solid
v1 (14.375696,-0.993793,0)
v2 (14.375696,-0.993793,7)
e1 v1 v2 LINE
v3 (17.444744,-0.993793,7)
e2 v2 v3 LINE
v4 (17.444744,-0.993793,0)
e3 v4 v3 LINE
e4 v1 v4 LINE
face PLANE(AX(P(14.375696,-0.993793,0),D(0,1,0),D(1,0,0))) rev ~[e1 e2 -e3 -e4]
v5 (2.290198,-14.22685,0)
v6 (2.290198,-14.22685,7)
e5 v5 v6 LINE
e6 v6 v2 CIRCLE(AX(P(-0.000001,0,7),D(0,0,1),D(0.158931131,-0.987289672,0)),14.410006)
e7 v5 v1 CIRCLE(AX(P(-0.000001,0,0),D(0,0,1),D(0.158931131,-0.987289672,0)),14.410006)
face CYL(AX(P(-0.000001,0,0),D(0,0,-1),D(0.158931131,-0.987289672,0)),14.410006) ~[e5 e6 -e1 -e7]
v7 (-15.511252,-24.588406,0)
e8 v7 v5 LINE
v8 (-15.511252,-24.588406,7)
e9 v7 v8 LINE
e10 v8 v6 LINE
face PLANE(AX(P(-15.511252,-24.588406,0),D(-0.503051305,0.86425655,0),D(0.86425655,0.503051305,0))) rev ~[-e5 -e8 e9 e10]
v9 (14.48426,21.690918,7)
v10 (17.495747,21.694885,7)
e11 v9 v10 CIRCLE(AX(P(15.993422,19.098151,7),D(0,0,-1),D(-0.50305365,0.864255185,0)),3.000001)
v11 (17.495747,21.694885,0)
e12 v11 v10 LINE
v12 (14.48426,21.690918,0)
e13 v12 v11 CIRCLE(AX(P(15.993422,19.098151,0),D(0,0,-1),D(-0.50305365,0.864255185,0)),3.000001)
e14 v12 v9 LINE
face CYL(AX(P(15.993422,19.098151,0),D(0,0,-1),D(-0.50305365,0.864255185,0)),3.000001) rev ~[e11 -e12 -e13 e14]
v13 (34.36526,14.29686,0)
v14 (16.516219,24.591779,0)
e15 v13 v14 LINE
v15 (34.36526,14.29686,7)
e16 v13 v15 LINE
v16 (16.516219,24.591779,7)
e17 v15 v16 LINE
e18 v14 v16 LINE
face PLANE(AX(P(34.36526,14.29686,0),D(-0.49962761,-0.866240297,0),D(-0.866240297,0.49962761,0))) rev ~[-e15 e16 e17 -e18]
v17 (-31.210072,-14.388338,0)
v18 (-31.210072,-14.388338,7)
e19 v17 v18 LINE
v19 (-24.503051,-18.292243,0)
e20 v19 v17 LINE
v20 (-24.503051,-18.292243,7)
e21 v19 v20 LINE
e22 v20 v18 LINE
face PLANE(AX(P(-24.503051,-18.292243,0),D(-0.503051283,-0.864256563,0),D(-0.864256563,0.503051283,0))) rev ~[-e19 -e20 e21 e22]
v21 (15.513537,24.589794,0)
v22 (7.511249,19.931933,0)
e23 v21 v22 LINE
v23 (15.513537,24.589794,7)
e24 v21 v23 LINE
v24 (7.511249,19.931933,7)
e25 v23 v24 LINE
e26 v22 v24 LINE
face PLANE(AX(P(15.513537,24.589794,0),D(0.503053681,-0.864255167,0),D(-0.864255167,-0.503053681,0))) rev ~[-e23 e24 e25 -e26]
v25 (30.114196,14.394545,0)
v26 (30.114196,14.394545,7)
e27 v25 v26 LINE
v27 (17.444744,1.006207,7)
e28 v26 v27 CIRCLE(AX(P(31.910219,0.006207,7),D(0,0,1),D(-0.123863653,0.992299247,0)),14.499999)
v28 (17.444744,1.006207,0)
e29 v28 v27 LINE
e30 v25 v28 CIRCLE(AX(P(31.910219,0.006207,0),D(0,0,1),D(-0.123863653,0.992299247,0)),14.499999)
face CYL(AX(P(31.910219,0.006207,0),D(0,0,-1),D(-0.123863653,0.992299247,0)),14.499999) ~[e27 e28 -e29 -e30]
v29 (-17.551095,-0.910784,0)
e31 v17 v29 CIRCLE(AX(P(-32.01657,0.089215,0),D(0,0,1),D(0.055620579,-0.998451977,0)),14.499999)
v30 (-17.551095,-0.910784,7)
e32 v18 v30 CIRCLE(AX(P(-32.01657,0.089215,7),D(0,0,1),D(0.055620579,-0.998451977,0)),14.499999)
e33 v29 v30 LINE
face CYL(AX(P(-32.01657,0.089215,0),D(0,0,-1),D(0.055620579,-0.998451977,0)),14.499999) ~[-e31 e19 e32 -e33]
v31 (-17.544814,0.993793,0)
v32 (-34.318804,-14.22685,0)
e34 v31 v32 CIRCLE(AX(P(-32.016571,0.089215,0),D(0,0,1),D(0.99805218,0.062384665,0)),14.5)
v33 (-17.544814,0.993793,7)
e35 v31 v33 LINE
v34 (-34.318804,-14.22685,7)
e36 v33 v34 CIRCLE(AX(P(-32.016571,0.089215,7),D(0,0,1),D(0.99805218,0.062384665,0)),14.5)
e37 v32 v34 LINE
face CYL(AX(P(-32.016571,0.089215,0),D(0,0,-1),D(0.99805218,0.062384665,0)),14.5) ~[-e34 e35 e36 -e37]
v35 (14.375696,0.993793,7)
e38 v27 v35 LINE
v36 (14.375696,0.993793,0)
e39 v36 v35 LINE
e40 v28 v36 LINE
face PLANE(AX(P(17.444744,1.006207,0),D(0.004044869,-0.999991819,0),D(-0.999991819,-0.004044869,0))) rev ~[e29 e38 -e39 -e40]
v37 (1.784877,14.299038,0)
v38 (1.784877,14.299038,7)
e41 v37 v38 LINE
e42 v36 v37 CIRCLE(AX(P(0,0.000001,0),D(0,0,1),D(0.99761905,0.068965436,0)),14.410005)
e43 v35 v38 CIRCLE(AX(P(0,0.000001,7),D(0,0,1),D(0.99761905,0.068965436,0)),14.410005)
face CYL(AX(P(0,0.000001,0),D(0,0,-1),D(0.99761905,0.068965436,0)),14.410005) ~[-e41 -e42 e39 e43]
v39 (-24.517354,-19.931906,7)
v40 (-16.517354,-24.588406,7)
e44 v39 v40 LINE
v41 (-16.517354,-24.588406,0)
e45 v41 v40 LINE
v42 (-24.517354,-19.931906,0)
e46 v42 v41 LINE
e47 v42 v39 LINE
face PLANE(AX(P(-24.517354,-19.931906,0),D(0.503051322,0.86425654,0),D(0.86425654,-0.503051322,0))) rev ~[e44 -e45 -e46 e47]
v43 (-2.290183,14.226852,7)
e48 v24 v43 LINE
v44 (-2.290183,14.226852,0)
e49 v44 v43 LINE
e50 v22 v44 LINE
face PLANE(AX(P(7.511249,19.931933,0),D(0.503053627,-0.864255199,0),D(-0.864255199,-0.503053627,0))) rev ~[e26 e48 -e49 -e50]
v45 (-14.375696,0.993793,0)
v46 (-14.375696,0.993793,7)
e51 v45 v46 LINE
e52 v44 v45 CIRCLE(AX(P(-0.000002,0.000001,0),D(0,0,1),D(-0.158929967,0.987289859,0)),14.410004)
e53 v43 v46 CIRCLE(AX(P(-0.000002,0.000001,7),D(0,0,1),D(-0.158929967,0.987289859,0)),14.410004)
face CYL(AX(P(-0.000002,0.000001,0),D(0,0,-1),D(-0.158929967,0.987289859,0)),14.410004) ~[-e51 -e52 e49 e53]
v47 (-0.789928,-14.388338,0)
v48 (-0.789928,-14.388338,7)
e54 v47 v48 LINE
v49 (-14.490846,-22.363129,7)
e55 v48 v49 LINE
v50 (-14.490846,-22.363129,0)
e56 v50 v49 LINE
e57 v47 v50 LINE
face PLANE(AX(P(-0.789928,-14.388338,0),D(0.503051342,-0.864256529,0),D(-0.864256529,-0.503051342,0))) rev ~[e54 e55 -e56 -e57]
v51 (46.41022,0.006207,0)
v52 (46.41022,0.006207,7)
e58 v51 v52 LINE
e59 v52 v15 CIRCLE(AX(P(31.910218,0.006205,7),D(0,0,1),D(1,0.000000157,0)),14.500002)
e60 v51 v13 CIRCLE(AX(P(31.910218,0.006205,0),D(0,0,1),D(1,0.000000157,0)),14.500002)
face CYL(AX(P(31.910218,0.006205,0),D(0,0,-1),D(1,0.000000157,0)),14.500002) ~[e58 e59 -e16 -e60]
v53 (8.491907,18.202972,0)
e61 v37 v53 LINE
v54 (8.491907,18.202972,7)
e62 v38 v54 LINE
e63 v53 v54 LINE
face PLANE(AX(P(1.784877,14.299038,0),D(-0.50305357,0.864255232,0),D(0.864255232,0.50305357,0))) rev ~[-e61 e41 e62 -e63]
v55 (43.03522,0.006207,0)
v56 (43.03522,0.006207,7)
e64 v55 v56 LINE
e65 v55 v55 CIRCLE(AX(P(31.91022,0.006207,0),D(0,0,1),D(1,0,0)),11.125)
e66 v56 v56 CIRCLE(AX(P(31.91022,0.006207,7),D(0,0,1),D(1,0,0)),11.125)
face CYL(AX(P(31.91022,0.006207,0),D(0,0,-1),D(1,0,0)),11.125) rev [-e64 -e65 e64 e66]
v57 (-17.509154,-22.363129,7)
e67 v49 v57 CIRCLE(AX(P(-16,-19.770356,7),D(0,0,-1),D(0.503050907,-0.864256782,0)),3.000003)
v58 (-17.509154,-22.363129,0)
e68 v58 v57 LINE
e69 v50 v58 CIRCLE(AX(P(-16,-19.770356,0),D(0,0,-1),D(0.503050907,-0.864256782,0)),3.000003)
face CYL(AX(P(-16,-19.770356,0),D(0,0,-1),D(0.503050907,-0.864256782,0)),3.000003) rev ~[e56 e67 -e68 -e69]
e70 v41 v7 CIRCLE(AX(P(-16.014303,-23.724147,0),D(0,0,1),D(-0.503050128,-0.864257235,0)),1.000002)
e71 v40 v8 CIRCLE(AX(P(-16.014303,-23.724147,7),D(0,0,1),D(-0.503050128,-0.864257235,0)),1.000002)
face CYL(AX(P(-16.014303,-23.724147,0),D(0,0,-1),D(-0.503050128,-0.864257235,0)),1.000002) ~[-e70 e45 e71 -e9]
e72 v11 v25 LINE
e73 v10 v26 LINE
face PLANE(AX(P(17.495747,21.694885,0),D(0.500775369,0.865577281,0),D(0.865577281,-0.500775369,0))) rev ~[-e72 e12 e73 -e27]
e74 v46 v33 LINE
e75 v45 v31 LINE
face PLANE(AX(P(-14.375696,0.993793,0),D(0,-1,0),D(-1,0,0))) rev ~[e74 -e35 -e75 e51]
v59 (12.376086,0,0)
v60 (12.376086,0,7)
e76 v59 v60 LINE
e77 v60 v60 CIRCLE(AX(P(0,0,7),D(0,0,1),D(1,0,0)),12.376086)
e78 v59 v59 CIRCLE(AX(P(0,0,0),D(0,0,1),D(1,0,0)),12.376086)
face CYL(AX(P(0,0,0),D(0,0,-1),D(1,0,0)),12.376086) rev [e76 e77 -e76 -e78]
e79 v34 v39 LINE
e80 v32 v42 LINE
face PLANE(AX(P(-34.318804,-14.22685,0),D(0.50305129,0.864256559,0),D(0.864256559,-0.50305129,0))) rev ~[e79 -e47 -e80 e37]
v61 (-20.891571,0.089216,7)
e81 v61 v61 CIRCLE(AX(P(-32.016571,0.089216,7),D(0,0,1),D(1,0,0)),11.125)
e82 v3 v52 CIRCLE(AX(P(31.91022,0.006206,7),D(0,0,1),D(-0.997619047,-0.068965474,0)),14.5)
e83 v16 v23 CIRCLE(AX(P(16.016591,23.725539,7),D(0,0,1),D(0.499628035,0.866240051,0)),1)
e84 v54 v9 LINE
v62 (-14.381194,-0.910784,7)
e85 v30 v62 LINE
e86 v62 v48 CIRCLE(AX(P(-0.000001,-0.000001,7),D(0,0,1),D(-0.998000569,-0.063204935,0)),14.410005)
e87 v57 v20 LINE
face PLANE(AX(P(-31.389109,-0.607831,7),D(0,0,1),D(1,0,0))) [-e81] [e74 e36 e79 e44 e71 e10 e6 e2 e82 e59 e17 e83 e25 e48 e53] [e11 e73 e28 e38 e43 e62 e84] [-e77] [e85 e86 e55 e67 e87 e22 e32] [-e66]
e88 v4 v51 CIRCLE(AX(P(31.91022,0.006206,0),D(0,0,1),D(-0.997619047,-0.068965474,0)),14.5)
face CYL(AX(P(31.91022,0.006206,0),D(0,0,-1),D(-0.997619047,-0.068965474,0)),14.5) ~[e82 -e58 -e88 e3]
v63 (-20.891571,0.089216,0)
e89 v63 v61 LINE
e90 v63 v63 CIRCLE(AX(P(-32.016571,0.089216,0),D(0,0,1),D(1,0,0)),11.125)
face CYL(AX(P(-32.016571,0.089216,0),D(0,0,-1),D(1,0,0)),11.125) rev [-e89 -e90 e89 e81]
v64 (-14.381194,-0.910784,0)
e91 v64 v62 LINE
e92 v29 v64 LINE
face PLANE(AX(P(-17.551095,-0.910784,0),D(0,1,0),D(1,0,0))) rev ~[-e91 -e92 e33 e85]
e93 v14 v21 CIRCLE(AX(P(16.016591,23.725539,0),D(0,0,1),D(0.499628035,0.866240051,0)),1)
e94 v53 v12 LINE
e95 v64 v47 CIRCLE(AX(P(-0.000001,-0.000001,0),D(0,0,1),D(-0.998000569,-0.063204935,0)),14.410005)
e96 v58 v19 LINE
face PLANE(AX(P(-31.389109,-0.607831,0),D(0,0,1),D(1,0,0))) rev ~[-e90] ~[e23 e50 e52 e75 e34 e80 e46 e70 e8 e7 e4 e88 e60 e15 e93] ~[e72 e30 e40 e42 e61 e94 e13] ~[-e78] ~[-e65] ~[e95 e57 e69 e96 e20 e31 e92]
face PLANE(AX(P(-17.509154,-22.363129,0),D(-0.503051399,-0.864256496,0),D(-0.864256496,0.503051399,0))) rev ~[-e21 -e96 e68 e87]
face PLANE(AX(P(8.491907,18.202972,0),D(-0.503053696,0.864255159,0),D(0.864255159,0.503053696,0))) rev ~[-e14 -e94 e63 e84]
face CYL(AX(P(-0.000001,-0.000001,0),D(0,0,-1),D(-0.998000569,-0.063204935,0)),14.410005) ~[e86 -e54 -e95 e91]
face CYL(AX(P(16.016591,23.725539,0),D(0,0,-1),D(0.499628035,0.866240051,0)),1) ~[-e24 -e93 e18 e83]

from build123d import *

# Parameters (mm, degrees)
F0_R     = 11.125
F0_R_2   = 12.376086
F1_DEPTH = 7


with BuildPart() as f1:
    # F0 (on Top) → F1 (new body)
    with BuildSketch(Plane.XY):
        with BuildLine():
            ThreePointArc((-17.516571, 0.089216), (-17.523634, 0.541725), (-17.544814, 0.993793))
            ThreePointArc((-17.544814, 0.993793), (-41.760355, 10.827403), (-34.318804, -14.22685))
            ThreePointArc((-34.318804, -14.22685), (-32.768784, -14.39126), (-31.210072, -14.388338))
            ThreePointArc((-31.210072, -14.388338), (-21.832298, -10.23215), (-17.551095, -0.910784))
            ThreePointArc((-17.551095, -0.910784), (-17.525205, -0.411082), (-17.516571, 0.089216))
        make_face()
        with Locations((-32.016571, 0.089216)):
            Circle(F0_R, mode=Mode.SUBTRACT)
        with BuildLine():
            ThreePointArc((14.375696, -0.993793), (14.401426, -0.497193), (14.410006, 0))
            ThreePointArc((14.410006, 0), (14.401426, 0.497193), (14.375696, 0.993793))
            ThreePointArc((14.375696, 0.993793), (10.466538, 9.904537), (1.784877, 14.299038))
            ThreePointArc((1.784877, 14.299038), (-0.255218, 14.407745), (-2.290183, 14.226852))
            ThreePointArc((-2.290183, 14.226852), (-10.640317, 9.717609), (-14.375696, 0.993793))
            ThreePointArc((-14.375696, 0.993793), (-14.409946, 0.041595), (-14.381194, -0.910784))
            ThreePointArc((-14.381194, -0.910784), (-10.146519, -10.232127), (-0.789928, -14.388338))
            ThreePointArc((-0.789928, -14.388338), (0.754468, -14.390241), (2.290198, -14.22685))
            ThreePointArc((2.290198, -14.22685), (10.640322, -9.717603), (14.375696, -0.993793))
        make_face()
        Circle(F0_R_2, mode=Mode.SUBTRACT)
        with BuildLine():
            Line((-15.511252, -24.588406), (2.290198, -14.22685))
            ThreePointArc((2.290198, -14.22685), (0.754468, -14.390241), (-0.789928, -14.388338))
            Line((-0.789928, -14.388338), (-14.490846, -22.363129))
            ThreePointArc((-14.490846, -22.363129), (-16, -22.770359), (-17.509154, -22.363129))
            Line((-17.509154, -22.363129), (-24.503051, -18.292243))
            Line((-24.503051, -18.292243), (-31.210072, -14.388338))
            ThreePointArc((-31.210072, -14.388338), (-32.768784, -14.39126), (-34.318804, -14.22685))
            Line((-34.318804, -14.22685), (-24.517354, -19.931906))
            Line((-24.517354, -19.931906), (-16.517354, -24.588406))
            ThreePointArc((-16.517354, -24.588406), (-16.014303, -24.724149), (-15.511252, -24.588406))
        make_face()
        with BuildLine():
            ThreePointArc((30.114196, 14.394545), (21.378316, 9.9726), (17.444744, 1.006207))
            ThreePointArc((17.444744, 1.006207), (17.41022, 0.006207), (17.444744, -0.993793))
            ThreePointArc((17.444744, -0.993793), (32.410518, -14.48516), (46.41022, 0.006207))
            ThreePointArc((46.41022, 0.006207), (42.997331, 9.351042), (34.36526, 14.29686))
            ThreePointArc((34.36526, 14.29686), (32.243328, 14.50238), (30.114196, 14.394545))
        make_face()
        with Locations((31.91022, 0.006207)):
            Circle(F0_R, mode=Mode.SUBTRACT)
        with BuildLine():
            ThreePointArc((14.375696, 0.993793), (14.401426, 0.497193), (14.410006, 0))
            ThreePointArc((14.410006, 0), (14.401426, -0.497193), (14.375696, -0.993793))
            Line((14.375696, -0.993793), (17.444744, -0.993793))
            ThreePointArc((17.444744, -0.993793), (17.41022, 0.006207), (17.444744, 1.006207))
            Line((17.444744, 1.006207), (14.375696, 0.993793))
        make_face()
        with BuildLine():
            ThreePointArc((-2.290183, 14.226852), (-0.255218, 14.407745), (1.784877, 14.299038))
            Line((1.784877, 14.299038), (8.491907, 18.202972))
            Line((8.491907, 18.202972), (14.48426, 21.690918))
            ThreePointArc((14.48426, 21.690918), (15.98947, 22.09815), (17.495747, 21.694885))
            Line((17.495747, 21.694885), (30.114196, 14.394545))
            ThreePointArc((30.114196, 14.394545), (32.243328, 14.50238), (34.36526, 14.29686))
            Line((34.36526, 14.29686), (16.516219, 24.591779))
            ThreePointArc((16.516219, 24.591779), (16.014611, 24.725537), (15.513537, 24.589794))
            Line((15.513537, 24.589794), (7.511249, 19.931933))
            Line((7.511249, 19.931933), (-2.290183, 14.226852))
        make_face()
        with BuildLine():
            ThreePointArc((-14.381194, -0.910784), (-14.409946, 0.041595), (-14.375696, 0.993793))
            Line((-14.375696, 0.993793), (-15.91022, 0.993793))
            Line((-15.91022, 0.993793), (-17.544814, 0.993793))
            ThreePointArc((-17.544814, 0.993793), (-17.523634, 0.541725), (-17.516571, 0.089216))
            ThreePointArc((-17.516571, 0.089216), (-17.525205, -0.411082), (-17.551095, -0.910784))
            Line((-17.551095, -0.910784), (-16.016571, -0.910784))
            Line((-16.016571, -0.910784), (-14.381194, -0.910784))
        make_face()
    extrude(amount=F1_DEPTH)


solid = f1.part
